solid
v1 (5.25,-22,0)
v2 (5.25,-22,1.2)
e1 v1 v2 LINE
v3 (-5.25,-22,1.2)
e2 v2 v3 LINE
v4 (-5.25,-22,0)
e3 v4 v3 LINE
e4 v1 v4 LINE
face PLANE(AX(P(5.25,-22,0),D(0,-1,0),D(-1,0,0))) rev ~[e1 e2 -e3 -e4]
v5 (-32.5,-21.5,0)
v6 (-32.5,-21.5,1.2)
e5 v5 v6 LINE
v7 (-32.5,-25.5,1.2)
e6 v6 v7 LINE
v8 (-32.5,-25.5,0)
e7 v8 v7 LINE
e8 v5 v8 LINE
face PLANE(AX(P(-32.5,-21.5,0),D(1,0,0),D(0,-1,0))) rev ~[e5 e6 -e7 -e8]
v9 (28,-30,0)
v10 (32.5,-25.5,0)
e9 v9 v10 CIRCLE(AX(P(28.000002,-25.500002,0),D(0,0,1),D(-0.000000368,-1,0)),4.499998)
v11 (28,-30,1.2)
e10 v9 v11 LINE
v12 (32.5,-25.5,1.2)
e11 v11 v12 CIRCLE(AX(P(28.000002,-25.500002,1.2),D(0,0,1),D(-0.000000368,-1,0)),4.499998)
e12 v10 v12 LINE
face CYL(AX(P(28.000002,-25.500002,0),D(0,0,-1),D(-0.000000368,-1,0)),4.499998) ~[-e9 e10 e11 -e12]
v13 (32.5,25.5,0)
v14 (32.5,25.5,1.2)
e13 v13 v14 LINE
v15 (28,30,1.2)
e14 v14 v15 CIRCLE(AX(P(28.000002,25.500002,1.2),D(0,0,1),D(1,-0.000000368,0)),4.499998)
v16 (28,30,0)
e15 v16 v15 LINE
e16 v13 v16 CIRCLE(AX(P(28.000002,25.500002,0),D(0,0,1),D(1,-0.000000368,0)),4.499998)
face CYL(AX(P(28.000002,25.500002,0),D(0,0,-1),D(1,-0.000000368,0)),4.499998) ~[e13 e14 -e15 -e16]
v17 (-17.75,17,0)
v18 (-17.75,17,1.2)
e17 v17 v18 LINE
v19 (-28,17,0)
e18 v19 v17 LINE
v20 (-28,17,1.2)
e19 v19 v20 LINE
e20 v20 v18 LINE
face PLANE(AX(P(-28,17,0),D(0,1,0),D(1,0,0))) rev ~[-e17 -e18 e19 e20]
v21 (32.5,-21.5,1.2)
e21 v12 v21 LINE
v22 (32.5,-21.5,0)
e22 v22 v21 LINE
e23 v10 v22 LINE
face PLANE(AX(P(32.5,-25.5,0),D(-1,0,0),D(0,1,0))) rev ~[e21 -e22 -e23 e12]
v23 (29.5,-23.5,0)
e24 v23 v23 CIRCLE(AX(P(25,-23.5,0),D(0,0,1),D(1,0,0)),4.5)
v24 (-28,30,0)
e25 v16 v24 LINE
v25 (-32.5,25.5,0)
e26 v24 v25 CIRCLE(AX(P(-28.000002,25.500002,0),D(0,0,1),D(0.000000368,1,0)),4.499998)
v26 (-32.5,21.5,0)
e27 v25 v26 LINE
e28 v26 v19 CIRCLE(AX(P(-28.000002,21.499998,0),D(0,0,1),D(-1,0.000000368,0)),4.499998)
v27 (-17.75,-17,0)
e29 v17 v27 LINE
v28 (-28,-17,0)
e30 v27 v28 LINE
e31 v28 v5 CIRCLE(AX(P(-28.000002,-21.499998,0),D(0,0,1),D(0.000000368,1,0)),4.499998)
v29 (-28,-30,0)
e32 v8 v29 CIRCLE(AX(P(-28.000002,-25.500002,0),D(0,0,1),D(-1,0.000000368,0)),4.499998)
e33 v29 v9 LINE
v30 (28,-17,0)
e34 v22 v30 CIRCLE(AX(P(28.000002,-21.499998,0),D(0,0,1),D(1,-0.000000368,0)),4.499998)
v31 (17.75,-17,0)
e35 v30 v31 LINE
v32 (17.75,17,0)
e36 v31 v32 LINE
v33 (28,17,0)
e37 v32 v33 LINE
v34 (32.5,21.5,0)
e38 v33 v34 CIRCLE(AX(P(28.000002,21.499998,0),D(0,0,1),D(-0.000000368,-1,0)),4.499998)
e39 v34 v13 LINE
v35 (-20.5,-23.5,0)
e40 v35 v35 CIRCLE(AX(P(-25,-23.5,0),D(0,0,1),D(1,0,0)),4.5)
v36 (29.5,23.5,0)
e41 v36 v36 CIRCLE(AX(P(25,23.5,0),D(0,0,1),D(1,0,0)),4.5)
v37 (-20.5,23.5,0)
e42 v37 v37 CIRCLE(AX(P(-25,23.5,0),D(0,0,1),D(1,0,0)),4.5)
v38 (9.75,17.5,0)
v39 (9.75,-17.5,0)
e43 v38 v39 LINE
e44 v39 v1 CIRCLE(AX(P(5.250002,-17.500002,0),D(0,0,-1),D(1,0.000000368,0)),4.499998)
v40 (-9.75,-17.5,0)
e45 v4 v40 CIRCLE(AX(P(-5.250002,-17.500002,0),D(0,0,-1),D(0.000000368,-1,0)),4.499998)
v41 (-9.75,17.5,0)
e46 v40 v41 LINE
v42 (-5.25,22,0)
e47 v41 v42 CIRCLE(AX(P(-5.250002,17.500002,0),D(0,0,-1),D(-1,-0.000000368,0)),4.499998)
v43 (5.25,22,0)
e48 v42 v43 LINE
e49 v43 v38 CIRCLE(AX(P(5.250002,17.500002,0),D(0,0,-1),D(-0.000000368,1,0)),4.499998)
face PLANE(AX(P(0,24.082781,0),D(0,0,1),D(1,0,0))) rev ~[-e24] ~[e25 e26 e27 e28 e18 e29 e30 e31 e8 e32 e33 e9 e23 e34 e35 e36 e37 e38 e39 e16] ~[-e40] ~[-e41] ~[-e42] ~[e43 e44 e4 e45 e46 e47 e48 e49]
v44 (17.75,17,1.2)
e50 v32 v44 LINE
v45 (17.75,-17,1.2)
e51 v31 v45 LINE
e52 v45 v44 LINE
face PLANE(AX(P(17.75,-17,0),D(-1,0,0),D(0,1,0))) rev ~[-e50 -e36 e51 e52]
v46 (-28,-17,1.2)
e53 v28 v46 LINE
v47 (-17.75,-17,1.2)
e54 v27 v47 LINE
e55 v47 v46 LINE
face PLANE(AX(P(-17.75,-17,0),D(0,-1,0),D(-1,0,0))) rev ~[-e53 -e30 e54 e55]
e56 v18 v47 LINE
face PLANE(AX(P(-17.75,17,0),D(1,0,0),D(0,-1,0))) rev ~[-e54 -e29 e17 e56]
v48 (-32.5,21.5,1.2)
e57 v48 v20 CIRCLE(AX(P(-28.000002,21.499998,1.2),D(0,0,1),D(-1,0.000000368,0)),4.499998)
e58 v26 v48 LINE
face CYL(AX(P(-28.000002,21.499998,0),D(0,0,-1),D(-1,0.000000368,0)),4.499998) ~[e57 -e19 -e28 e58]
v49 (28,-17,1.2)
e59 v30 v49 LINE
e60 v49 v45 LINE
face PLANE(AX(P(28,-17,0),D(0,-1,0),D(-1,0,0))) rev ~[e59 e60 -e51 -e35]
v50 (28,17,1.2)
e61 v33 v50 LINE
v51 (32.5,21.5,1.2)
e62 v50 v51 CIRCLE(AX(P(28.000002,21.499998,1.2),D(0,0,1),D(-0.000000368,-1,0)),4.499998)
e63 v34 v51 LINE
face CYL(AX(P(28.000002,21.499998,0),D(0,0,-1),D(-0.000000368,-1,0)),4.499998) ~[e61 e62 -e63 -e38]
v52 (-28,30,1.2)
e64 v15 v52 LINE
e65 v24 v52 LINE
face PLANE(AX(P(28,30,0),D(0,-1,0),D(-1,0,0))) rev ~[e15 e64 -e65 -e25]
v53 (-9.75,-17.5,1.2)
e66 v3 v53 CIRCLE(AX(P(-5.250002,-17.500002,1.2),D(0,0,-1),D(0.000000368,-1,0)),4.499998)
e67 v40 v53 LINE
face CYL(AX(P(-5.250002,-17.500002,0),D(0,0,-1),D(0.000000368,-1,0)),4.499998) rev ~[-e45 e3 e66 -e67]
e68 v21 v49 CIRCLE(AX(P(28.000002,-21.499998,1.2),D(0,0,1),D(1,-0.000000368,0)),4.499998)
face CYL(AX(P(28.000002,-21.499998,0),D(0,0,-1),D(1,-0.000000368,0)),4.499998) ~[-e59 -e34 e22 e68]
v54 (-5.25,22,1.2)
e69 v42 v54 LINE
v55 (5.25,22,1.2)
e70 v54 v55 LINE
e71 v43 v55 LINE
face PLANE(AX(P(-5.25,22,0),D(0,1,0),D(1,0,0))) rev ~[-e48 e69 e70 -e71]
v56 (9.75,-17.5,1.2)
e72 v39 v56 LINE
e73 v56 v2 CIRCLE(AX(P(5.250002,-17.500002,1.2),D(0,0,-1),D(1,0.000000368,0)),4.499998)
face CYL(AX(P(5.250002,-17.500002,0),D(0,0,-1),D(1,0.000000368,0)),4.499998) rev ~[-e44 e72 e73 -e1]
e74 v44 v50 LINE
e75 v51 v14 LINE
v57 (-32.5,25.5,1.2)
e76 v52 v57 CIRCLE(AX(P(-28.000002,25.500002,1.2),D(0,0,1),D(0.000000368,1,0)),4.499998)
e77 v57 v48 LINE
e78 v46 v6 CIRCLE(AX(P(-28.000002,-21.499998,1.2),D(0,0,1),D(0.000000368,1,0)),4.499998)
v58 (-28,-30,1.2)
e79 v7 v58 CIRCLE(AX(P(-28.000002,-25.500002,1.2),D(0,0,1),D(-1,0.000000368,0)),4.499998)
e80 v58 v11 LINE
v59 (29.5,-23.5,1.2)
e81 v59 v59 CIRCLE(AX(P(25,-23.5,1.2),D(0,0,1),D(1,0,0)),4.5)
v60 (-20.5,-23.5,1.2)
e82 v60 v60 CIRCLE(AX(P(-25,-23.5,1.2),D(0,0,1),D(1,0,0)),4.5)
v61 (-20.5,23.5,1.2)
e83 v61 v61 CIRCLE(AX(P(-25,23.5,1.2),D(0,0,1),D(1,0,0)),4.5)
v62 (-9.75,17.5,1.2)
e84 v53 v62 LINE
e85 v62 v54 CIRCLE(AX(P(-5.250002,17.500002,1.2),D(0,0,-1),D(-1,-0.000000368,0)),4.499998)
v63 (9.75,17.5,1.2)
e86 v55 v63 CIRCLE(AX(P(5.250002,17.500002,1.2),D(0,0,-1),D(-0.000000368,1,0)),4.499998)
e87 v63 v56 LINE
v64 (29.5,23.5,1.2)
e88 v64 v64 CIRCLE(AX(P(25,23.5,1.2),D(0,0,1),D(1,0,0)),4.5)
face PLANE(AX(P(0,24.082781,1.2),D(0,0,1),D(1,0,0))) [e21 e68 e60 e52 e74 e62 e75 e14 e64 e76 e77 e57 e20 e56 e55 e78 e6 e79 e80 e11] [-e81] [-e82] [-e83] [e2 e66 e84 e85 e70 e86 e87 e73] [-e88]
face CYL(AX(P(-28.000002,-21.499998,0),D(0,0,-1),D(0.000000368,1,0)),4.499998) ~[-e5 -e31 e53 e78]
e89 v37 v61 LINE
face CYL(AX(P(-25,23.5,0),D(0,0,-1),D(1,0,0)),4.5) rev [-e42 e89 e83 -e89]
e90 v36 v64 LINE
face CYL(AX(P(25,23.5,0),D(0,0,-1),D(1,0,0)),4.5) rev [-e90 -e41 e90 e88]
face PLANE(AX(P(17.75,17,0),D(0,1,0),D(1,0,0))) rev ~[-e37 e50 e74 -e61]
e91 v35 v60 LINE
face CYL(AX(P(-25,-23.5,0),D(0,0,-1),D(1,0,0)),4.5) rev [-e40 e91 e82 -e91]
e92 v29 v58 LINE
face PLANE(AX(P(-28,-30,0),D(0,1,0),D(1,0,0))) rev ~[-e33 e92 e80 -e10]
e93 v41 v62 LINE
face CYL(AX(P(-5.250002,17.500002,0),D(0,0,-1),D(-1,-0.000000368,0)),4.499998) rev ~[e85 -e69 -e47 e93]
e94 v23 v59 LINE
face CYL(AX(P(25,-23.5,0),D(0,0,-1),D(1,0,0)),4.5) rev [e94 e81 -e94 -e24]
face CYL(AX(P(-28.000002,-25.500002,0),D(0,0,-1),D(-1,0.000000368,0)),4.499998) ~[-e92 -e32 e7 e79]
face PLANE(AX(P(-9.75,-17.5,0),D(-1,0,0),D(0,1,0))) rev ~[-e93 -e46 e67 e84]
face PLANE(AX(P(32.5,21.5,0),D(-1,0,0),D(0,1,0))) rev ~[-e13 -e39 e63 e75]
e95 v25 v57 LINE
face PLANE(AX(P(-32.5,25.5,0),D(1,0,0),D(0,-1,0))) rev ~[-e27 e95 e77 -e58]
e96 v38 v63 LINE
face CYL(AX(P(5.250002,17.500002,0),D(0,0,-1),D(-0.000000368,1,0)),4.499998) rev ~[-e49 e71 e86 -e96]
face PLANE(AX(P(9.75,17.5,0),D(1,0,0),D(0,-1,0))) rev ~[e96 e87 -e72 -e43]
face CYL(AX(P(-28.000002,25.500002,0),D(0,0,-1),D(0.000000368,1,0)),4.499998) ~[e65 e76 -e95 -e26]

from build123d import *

# Parameters (mm, degrees)
F0_R     = 4.5
F0_W     = 8
F0_H     = 34
F1_DEPTH = 1.2


with BuildPart() as f1:
    # F0 (on Top) → F1 (new body)
    with BuildSketch(Plane.XY):
        with BuildLine():
            Line((17.75, 17), (17.75, 30))
            Line((17.75, 30), (-17.75, 30))
            Line((-17.75, 30), (-17.75, 17))
            Line((-17.75, 17), (-9.75, 17))
            Line((-9.75, 17), (-9.75, 17.5))
            ThreePointArc((-9.75, 17.5), (-8.431981, 20.681981), (-5.25, 22))
            Line((-5.25, 22), (5.25, 22))
            ThreePointArc((5.25, 22), (8.431981, 20.681981), (9.75, 17.5))
            Line((9.75, 17.5), (9.75, 17))
            Line((9.75, 17), (17.75, 17))
        make_face()
        with BuildLine():
            Line((28, 30), (17.75, 30))
            Line((17.75, 30), (17.75, 17))
            Line((17.75, 17), (28, 17))
            ThreePointArc((28, 17), (31.181981, 18.318019), (32.5, 21.5))
            Line((32.5, 21.5), (32.5, 25.5))
            ThreePointArc((32.5, 25.5), (31.181981, 28.681981), (28, 30))
        make_face()
        with Locations((25, 23.5)):
            Circle(F0_R, mode=Mode.SUBTRACT)
        with BuildLine():
            Line((-17.75, 17), (-17.75, 30))
            Line((-17.75, 30), (-28, 30))
            ThreePointArc((-28, 30), (-31.181981, 28.681981), (-32.5, 25.5))
            Line((-32.5, 25.5), (-32.5, 21.5))
            ThreePointArc((-32.5, 21.5), (-31.181981, 18.318019), (-28, 17))
            Line((-28, 17), (-17.75, 17))
        make_face()
        with Locations((-25, 23.5)):
            Circle(F0_R, mode=Mode.SUBTRACT)
        with Locations((13.75, 0)):
            Rectangle(F0_W, F0_H)
        with Locations((-13.75, 0)):
            Rectangle(F0_W, F0_H)
        with BuildLine():
            Line((28, -17), (17.75, -17))
            Line((17.75, -17), (17.75, -30))
            Line((17.75, -30), (28, -30))
            ThreePointArc((28, -30), (31.181981, -28.681981), (32.5, -25.5))
            Line((32.5, -25.5), (32.5, -21.5))
            ThreePointArc((32.5, -21.5), (31.181981, -18.318019), (28, -17))
        make_face()
        with Locations((25, -23.5)):
            Circle(F0_R, mode=Mode.SUBTRACT)
        with BuildLine():
            Line((17.75, -30), (17.75, -17))
            Line((17.75, -17), (9.75, -17))
            Line((9.75, -17), (9.75, -17.5))
            ThreePointArc((9.75, -17.5), (8.431981, -20.681981), (5.25, -22))
            Line((5.25, -22), (-5.25, -22))
            ThreePointArc((-5.25, -22), (-8.431981, -20.681981), (-9.75, -17.5))
            Line((-9.75, -17.5), (-9.75, -17))
            Line((-9.75, -17), (-17.75, -17))
            Line((-17.75, -17), (-17.75, -30))
            Line((-17.75, -30), (17.75, -30))
        make_face()
        with BuildLine():
            Line((-17.75, -30), (-17.75, -17))
            Line((-17.75, -17), (-28, -17))
            ThreePointArc((-28, -17), (-31.181981, -18.318019), (-32.5, -21.5))
            Line((-32.5, -21.5), (-32.5, -25.5))
            ThreePointArc((-32.5, -25.5), (-31.181981, -28.681981), (-28, -30))
            Line((-28, -30), (-17.75, -30))
        make_face()
        with Locations((-25, -23.5)):
            Circle(F0_R, mode=Mode.SUBTRACT)
    extrude(amount=F1_DEPTH)


solid = f1.part
